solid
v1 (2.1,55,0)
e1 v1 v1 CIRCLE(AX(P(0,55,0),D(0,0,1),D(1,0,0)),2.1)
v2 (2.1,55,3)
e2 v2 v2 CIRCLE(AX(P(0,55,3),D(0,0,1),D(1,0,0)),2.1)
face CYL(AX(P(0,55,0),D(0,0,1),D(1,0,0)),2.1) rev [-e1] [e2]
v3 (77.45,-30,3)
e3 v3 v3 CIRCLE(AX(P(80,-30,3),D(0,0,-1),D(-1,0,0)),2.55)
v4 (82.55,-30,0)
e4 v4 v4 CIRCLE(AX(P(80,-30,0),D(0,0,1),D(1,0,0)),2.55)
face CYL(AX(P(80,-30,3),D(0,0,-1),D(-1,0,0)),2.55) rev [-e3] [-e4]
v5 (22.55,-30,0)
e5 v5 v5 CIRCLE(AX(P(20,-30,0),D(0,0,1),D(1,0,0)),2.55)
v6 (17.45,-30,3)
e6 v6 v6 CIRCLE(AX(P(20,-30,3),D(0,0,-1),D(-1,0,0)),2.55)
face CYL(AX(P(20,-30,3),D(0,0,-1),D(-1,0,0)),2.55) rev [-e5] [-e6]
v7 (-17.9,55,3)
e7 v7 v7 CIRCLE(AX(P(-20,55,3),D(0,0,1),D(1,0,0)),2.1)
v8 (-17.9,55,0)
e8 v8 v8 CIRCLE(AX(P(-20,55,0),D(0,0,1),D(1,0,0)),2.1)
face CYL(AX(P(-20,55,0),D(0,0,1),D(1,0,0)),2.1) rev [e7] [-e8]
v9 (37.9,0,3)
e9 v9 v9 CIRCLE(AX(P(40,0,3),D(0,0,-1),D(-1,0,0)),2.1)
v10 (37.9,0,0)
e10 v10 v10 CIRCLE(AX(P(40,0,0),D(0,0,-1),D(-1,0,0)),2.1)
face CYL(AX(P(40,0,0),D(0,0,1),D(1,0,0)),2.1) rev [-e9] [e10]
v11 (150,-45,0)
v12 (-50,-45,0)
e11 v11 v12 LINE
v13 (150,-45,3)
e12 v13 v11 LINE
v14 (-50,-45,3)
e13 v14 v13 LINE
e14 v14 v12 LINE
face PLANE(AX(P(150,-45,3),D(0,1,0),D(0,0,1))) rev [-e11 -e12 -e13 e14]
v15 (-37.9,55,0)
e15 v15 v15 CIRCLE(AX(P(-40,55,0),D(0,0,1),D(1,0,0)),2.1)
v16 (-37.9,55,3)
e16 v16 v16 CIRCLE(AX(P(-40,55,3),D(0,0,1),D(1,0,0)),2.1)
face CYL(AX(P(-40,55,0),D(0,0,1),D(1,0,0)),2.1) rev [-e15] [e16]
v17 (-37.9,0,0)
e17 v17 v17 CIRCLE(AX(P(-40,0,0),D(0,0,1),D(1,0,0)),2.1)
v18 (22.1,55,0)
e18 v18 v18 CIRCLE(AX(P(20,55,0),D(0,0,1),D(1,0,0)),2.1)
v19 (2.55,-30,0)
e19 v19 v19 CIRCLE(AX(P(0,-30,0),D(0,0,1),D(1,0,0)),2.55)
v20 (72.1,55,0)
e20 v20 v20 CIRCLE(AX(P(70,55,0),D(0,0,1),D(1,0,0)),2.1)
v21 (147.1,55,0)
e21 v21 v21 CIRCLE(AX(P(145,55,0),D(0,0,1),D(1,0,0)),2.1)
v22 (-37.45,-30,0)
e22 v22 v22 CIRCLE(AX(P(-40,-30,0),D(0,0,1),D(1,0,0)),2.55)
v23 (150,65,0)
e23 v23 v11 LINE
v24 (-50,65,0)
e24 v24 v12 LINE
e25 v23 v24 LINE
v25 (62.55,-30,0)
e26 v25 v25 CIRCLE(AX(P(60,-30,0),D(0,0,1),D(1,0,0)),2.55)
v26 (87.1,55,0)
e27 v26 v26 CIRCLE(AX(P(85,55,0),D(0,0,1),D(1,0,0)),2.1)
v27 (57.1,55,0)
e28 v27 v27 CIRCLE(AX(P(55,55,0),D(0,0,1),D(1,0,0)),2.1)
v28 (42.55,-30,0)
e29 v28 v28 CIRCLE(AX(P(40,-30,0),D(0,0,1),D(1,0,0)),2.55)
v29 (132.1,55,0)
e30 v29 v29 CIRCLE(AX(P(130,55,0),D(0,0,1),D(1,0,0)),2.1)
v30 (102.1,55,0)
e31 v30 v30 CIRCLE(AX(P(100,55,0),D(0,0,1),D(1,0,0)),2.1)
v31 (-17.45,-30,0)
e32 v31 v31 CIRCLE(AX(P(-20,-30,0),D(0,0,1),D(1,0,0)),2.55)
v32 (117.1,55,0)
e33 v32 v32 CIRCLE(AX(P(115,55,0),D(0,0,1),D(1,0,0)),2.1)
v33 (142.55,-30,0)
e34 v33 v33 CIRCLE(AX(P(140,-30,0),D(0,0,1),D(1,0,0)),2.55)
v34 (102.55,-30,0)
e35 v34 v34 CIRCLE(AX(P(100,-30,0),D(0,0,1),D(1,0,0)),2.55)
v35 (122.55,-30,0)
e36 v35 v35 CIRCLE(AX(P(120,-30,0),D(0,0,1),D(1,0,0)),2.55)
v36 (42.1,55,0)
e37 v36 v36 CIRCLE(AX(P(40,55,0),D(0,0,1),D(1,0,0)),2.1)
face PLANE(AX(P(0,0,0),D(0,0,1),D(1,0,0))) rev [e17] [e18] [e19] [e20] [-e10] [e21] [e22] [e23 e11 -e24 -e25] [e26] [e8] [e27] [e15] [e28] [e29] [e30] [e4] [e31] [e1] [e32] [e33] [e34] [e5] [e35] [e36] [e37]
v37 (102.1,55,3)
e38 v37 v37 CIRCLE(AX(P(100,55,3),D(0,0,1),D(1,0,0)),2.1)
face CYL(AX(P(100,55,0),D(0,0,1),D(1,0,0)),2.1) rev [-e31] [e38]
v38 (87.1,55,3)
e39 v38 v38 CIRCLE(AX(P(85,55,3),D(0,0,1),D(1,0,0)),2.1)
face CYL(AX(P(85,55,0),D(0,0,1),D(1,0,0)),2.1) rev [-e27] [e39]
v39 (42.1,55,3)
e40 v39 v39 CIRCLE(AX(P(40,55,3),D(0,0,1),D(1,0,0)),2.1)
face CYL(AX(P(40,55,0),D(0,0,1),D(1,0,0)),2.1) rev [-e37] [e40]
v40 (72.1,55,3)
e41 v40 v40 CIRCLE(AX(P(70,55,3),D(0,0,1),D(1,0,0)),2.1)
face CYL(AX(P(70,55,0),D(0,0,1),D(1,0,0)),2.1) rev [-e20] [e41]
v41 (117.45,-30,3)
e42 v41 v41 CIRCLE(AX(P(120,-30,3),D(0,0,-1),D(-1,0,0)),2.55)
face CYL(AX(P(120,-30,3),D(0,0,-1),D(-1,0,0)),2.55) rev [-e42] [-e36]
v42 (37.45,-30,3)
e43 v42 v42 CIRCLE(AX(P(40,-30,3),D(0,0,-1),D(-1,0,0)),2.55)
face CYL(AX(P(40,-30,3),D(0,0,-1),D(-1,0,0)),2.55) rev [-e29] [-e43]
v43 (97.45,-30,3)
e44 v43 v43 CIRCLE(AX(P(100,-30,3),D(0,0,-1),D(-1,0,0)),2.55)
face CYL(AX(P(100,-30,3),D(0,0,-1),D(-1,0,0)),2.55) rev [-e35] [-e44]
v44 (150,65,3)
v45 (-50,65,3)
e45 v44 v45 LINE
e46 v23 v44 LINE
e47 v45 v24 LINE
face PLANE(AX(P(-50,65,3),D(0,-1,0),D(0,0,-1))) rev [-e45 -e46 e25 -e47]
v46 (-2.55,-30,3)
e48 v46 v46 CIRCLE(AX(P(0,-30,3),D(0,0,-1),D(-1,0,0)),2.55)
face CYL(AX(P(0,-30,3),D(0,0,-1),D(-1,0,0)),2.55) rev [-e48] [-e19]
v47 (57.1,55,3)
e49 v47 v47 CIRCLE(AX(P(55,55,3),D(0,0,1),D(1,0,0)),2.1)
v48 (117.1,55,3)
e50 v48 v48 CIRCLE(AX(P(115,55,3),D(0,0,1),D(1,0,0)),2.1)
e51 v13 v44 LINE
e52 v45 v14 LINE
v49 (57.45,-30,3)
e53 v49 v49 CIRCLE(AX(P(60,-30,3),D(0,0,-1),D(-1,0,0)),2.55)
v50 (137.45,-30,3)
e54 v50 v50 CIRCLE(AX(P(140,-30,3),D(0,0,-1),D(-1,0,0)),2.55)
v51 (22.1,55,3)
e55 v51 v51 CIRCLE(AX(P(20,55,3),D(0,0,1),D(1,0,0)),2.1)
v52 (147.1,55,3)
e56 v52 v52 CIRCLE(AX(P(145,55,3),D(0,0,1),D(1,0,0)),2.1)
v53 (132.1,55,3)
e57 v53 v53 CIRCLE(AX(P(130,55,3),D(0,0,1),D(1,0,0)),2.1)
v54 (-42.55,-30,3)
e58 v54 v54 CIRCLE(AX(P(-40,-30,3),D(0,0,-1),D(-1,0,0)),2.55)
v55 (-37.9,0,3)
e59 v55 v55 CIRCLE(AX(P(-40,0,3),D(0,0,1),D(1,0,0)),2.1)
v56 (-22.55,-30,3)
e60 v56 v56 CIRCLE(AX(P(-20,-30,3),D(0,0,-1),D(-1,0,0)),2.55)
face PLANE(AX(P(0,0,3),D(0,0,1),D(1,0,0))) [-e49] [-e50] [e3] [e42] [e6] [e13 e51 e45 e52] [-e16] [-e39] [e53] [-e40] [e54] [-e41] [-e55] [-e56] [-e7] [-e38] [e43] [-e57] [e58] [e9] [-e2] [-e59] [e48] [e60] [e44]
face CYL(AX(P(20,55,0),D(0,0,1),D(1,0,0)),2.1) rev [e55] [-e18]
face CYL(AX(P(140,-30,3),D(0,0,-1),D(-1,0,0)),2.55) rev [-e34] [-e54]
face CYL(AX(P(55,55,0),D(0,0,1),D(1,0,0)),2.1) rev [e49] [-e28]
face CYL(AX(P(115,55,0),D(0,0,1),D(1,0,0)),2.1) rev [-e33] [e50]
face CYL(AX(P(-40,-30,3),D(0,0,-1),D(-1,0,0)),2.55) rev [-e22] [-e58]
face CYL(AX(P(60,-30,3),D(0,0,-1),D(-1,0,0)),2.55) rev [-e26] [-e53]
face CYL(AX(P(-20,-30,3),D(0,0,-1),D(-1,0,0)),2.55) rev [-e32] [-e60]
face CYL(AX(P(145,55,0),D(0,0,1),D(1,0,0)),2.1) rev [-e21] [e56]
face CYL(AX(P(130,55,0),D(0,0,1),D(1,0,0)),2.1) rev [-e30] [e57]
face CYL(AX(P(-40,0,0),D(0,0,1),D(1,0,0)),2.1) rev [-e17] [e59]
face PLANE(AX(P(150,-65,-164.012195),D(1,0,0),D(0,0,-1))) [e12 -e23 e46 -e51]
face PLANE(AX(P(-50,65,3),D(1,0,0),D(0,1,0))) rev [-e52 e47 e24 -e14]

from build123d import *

# Parameters (mm, degrees)
SKETCH_1_W               = 100
SKETCH_1_H               = 130
EXTRUDE_1_DEPTH          = 3
SKETCH_2_R               = 2.1
CUT_EXTRUDE_1_DEPTH      = 83.060952956
SKETCH_5_W               = 100
SKETCH_5_H               = 130
EXTRUDE_2_DEPTH          = 3
CUT_EXTRUDE_4_DEPTH      = 164.505351594
CUT_EXTRUDE_4_DEPTH_BACK = 164.505351594
SKETCH_6_R               = 2.1
CUT_EXTRUDE_5_DEPTH      = 164.505351594
CUT_EXTRUDE_5_DEPTH_BACK = 164.505351594
SKETCH_7_R               = 2.55
CUT_EXTRUDE_6_DEPTH      = 164.505351594
CUT_EXTRUDE_6_DEPTH_BACK = 164.505351594
SKETCH_8_W               = 200
SKETCH_8_H               = 20


with BuildPart() as part:
    # 草图1 → 凸台-拉伸1 (new body)
    with BuildSketch(Plane.XY):
        Rectangle(SKETCH_1_W, SKETCH_1_H)
    extrude(amount=EXTRUDE_1_DEPTH)

    # 草图2 → 切除-拉伸1 (cut, through all)
    with BuildSketch(Plane.XY.offset(3)):
        with Locations((-40, 55)):
            Circle(SKETCH_2_R)
        with Locations((-20, 55)):
            Circle(SKETCH_2_R)
        with Locations((0, 55)):
            Circle(SKETCH_2_R)
        with Locations((20, 55)):
            Circle(SKETCH_2_R)
        with Locations((40, 55)):
            Circle(SKETCH_2_R)
        with Locations((-40, 0)):
            Circle(SKETCH_2_R)
        with Locations((-40, -55)):
            Circle(SKETCH_2_R)
        with Locations((-40, -110)):
            Circle(SKETCH_2_R)
        with Locations((-40, -165)):
            Circle(SKETCH_2_R)
        with Locations((-40, -220)):
            Circle(SKETCH_2_R)
        with Locations((-40, -275)):
            Circle(SKETCH_2_R)
        with Locations((-40, -330)):
            Circle(SKETCH_2_R)
        with Locations((-40, -385)):
            Circle(SKETCH_2_R)
        with Locations((40, -385)):
            Circle(SKETCH_2_R)
        with Locations((40, -330)):
            Circle(SKETCH_2_R)
        with Locations((40, -275)):
            Circle(SKETCH_2_R)
        with Locations((40, -220)):
            Circle(SKETCH_2_R)
        with Locations((40, -165)):
            Circle(SKETCH_2_R)
        with Locations((40, -110)):
            Circle(SKETCH_2_R)
        with Locations(Location((40, -55, 0), (0, 0, 180))):
            Circle(SKETCH_2_R)
        with Locations(Location((40, 0, 0), (0, 0, 180))):
            Circle(SKETCH_2_R)
        with Locations(Location((20, -55, 0), (0, 0, 180))):
            Circle(SKETCH_2_R)
        with Locations(Location((0, -55, 0), (0, 0, 180))):
            Circle(SKETCH_2_R)
        with Locations(Location((-20, -55, 0), (0, 0, 180))):
            Circle(SKETCH_2_R)
    extrude(amount=-CUT_EXTRUDE_1_DEPTH, mode=Mode.SUBTRACT)

    # 草图5 → 凸台-拉伸2 (add)
    with BuildSketch(Plane.XY.offset(3)):
        with Locations((100, 0)):
            Rectangle(SKETCH_5_W, SKETCH_5_H)
    extrude(amount=-EXTRUDE_2_DEPTH)

    # 草图6 → 切除-拉伸4 (cut, two sides: drawn at the far end of the back side and taken through both)
    with BuildSketch(Plane.XY.offset(3).offset(-CUT_EXTRUDE_4_DEPTH_BACK)):
        with Locations((55, 55)):
            Circle(SKETCH_6_R)
        with Locations((70, 55)):
            Circle(SKETCH_6_R)
        with Locations((85, 55)):
            Circle(SKETCH_6_R)
        with Locations((100, 55)):
            Circle(SKETCH_6_R)
        with Locations((115, 55)):
            Circle(SKETCH_6_R)
        with Locations((130, 55)):
            Circle(SKETCH_6_R)
        with Locations((145, 55)):
            Circle(SKETCH_6_R)
        with Locations((145, -55)):
            Circle(SKETCH_6_R)
        with Locations((130, -55)):
            Circle(SKETCH_6_R)
        with Locations((115, -55)):
            Circle(SKETCH_6_R)
        with Locations((100, -55)):
            Circle(SKETCH_6_R)
        with Locations((85, -55)):
            Circle(SKETCH_6_R)
        with Locations((70, -55)):
            Circle(SKETCH_6_R)
        with Locations((55, -55)):
            Circle(SKETCH_6_R)
    extrude(amount=CUT_EXTRUDE_4_DEPTH + CUT_EXTRUDE_4_DEPTH_BACK, mode=Mode.SUBTRACT)

    # 草图7 → 切除-拉伸5 (cut, two sides: drawn at the far end of the back side and taken through both)
    with BuildSketch(Plane(origin=(0, 0, 0), x_dir=(-1, 0, 0), z_dir=(0, 0, -1)).offset(-CUT_EXTRUDE_5_DEPTH_BACK)):
        with Locations((-140, -30)):
            Circle(SKETCH_7_R)
        with Locations((-120, -30)):
            Circle(SKETCH_7_R)
        with Locations((-100, -30)):
            Circle(SKETCH_7_R)
        with Locations((-80, -30)):
            Circle(SKETCH_7_R)
        with Locations((-60, -30)):
            Circle(SKETCH_7_R)
        with Locations((-40, -30)):
            Circle(SKETCH_7_R)
        with Locations((-20, -30)):
            Circle(SKETCH_7_R)
        with Locations((0, -30)):
            Circle(SKETCH_7_R)
        with Locations((20, -30)):
            Circle(SKETCH_7_R)
        with Locations((40, -30)):
            Circle(SKETCH_7_R)
    extrude(amount=CUT_EXTRUDE_5_DEPTH + CUT_EXTRUDE_5_DEPTH_BACK, mode=Mode.SUBTRACT)

    # 草图8 → 切除-拉伸6 (cut, two sides: drawn at the far end of the back side and taken through both)
    with BuildSketch(Plane(origin=(0, 0, 0), x_dir=(-1, 0, 0), z_dir=(0, 0, -1)).offset(-CUT_EXTRUDE_6_DEPTH_BACK)):
        with Locations((-50, -55)):
            Rectangle(SKETCH_8_W, SKETCH_8_H)
    extrude(amount=CUT_EXTRUDE_6_DEPTH + CUT_EXTRUDE_6_DEPTH_BACK, mode=Mode.SUBTRACT)


solid = part.part
